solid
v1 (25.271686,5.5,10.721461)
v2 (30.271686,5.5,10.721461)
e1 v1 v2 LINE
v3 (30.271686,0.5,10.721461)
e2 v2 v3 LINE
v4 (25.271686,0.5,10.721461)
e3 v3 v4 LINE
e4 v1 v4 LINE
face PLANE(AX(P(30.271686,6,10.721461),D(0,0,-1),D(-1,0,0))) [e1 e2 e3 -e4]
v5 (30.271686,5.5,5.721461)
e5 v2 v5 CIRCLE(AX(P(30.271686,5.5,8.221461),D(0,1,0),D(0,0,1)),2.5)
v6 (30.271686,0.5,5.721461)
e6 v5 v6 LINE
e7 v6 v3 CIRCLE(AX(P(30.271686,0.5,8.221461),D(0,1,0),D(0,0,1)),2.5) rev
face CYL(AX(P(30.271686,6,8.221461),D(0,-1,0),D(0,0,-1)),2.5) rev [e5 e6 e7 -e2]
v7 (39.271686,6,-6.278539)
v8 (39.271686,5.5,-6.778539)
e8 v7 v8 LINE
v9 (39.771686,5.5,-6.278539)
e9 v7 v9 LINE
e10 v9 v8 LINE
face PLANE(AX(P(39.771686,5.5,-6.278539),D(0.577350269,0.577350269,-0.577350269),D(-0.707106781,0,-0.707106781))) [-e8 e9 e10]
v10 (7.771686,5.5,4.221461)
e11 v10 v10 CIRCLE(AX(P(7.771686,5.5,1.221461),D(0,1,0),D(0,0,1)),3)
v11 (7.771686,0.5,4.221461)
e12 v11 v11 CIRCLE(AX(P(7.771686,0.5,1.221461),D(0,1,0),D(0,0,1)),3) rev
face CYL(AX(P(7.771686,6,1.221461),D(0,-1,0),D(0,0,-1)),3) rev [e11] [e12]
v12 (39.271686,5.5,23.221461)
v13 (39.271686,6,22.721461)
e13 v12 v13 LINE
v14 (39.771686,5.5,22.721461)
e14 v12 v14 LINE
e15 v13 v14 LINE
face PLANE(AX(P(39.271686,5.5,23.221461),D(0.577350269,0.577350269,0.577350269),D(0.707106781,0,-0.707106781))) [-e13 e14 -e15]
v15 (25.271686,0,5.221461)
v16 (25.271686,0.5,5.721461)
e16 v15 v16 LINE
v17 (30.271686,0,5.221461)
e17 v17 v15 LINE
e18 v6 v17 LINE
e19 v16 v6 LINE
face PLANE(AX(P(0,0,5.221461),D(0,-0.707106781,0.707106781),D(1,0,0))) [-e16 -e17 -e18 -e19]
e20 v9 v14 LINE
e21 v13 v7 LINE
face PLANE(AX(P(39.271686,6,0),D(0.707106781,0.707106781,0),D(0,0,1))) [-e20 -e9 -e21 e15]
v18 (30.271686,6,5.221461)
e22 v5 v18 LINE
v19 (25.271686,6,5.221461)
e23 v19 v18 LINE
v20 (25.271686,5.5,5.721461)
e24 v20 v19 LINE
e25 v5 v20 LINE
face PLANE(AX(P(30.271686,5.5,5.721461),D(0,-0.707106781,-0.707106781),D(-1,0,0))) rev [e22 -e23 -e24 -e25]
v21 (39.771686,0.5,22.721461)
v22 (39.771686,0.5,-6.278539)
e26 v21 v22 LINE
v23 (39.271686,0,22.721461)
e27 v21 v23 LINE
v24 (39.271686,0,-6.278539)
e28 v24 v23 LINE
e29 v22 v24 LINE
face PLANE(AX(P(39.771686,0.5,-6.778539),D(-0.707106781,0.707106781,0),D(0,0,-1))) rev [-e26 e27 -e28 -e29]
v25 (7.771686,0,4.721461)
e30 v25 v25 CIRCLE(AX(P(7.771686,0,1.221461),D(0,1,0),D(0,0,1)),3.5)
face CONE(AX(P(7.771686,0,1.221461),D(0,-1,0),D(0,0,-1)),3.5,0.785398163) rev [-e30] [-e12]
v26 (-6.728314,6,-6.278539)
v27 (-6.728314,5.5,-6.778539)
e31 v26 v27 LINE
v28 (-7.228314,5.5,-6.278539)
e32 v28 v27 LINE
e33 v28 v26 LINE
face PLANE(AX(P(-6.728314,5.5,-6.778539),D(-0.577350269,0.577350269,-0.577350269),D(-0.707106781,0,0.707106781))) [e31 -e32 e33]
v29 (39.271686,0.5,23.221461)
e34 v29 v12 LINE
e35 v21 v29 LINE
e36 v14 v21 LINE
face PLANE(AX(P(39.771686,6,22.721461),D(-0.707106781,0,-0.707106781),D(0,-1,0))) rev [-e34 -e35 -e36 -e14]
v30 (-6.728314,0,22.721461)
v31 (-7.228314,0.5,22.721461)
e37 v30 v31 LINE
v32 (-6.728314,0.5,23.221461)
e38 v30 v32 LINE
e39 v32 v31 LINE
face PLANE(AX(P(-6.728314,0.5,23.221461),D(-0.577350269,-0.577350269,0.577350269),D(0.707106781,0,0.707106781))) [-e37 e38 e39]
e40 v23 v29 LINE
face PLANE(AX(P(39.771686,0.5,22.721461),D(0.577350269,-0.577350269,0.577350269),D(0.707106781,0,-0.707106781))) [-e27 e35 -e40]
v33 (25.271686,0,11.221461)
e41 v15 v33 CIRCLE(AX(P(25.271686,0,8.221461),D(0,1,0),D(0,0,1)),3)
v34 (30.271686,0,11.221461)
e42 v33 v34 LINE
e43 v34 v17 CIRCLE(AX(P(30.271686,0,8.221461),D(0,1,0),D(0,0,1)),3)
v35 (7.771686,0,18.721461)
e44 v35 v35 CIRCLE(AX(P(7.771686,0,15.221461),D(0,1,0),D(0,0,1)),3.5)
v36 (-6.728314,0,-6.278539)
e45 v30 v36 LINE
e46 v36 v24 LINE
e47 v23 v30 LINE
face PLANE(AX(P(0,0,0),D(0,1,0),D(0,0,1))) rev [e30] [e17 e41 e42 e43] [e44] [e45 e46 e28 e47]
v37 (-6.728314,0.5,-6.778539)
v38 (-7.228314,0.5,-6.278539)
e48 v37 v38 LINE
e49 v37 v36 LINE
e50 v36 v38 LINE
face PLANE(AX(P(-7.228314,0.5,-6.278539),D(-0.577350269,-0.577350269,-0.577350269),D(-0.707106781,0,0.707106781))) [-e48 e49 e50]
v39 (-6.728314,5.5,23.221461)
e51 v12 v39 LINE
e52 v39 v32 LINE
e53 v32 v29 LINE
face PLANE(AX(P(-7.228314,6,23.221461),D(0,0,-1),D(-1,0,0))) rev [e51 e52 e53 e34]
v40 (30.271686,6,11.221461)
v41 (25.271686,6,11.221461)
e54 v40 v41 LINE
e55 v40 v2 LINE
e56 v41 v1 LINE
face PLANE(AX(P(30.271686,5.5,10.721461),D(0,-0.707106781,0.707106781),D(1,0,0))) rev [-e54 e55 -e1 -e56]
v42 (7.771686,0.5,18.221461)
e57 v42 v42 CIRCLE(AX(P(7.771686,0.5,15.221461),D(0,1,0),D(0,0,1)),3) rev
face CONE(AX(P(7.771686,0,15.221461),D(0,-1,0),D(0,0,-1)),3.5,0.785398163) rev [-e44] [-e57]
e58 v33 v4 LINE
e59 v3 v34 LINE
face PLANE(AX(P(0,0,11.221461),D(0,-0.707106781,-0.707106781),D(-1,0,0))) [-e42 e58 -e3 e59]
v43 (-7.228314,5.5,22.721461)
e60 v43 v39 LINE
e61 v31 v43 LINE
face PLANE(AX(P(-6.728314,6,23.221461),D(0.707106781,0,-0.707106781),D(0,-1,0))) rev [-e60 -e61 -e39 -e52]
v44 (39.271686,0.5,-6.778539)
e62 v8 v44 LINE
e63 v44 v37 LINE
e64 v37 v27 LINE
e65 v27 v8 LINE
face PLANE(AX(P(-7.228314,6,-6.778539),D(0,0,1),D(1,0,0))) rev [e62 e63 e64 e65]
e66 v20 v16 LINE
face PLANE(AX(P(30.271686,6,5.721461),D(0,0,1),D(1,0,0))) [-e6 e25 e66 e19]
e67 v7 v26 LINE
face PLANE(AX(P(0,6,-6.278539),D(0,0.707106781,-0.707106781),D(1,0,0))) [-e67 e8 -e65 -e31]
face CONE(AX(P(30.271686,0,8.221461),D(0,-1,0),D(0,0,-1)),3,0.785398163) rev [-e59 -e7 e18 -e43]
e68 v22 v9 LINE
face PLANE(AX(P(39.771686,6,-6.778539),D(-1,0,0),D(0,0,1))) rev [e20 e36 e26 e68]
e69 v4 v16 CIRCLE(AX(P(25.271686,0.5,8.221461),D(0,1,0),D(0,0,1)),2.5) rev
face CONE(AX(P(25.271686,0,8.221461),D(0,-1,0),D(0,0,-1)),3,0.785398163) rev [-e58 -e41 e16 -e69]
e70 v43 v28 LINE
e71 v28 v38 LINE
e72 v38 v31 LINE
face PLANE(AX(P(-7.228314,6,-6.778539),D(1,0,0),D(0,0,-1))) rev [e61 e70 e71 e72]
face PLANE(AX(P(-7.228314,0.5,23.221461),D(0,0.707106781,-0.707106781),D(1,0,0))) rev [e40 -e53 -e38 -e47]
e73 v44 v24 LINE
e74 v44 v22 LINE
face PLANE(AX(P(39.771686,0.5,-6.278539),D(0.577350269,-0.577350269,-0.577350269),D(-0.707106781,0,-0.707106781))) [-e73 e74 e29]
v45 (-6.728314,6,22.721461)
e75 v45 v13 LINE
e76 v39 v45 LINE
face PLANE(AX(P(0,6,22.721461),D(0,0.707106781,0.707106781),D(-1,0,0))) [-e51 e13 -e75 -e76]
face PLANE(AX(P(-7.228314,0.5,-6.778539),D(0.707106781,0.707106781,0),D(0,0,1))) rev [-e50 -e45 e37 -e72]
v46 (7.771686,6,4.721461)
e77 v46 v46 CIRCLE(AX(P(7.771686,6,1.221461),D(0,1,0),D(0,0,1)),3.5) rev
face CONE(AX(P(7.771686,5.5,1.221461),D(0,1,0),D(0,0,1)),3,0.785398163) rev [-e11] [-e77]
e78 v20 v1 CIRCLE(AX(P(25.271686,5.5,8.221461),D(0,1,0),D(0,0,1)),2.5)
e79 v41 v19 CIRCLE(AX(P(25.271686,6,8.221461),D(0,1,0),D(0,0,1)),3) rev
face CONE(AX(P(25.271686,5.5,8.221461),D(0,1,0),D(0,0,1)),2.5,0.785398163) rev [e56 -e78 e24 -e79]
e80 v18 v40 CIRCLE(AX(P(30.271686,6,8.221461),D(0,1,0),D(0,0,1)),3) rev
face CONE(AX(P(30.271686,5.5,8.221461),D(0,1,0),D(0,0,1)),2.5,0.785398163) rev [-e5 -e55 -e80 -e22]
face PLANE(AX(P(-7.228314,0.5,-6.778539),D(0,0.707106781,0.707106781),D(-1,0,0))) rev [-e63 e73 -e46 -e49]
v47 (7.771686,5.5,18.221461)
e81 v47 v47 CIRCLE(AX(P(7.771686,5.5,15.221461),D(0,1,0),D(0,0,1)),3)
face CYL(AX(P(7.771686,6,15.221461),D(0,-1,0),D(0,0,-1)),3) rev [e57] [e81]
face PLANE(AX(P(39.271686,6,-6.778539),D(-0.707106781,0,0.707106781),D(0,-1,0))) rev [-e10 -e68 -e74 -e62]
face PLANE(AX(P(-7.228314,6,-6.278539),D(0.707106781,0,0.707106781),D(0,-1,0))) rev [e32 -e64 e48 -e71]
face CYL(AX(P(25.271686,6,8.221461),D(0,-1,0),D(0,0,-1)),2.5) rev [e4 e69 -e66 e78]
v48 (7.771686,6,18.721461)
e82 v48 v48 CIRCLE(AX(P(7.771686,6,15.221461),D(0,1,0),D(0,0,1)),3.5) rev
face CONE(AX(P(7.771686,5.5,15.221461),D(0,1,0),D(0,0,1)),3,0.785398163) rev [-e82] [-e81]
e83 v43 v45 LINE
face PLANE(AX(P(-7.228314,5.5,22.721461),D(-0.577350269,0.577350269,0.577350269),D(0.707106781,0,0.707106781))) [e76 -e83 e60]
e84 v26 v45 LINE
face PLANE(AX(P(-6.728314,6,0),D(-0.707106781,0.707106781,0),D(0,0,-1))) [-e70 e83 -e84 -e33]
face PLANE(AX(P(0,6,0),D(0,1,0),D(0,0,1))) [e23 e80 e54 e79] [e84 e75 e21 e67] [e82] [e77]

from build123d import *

# Parameters (mm, degrees)
CROQUIS1_W              = 47
CROQUIS1_H              = 30
CROQUIS1_R              = 3
SALIENTE_EXTRUIR1_DEPTH = 6
CHAFL_N1_SIZE           = 0.5


with BuildPart() as part:
    # Croquis1 → Saliente-Extruir1 (new body)
    with BuildSketch(Plane(origin=(0, 0, 0), x_dir=(1, 0, 0), z_dir=(0, 1, 0))):
        with Locations((16.271686308, -8.221461187)):
            Rectangle(CROQUIS1_W, CROQUIS1_H)
        with Locations(Location((7.771686308, -1.221461187, 0), (0, 0, 270))):
            Circle(CROQUIS1_R, mode=Mode.SUBTRACT)
        with Locations(Location((7.771686308, -15.221461187, 0), (0, 0, 270))):
            Circle(CROQUIS1_R, mode=Mode.SUBTRACT)
        with BuildLine():
            Line((30.271686308, -10.721461187), (25.271686308, -10.721461187))
            ThreePointArc((25.271686308, -10.721461187), (22.771686308, -8.221461187), (25.271686308, -5.721461187))
            Line((25.271686308, -5.721461187), (30.271686308, -5.721461187))
            ThreePointArc((30.271686308, -5.721461187), (32.771686308, -8.221461187), (30.271686308, -10.721461187))
        make_face(mode=Mode.SUBTRACT)
    extrude(amount=SALIENTE_EXTRUIR1_DEPTH)

    # Chaflán1
    chafl_n1_edges = [part.edges().sort_by_distance(p)[0] for p in [
        (39.771686308, 6, 8.221461187),
        (16.271686308, 6, -6.778538813),
        (32.771686308, 0, 8.221461187),
        (27.771686308, 0, 5.721461187),
        (22.771686308, 0, 8.221461187),
        (27.771686308, 0, 10.721461187),
        (32.771686308, 6, 8.221461187),
        (27.771686308, 6, 5.721461187),
        (22.771686308, 6, 8.221461187),
        (27.771686308, 6, 10.721461187),
        (7.771686308, 0, -1.778538813),
        (7.771686308, 6, -1.778538813),
        (7.771686308, 0, 12.221461187),
        (7.771686308, 6, 12.221461187),
        (-7.228313692, 6, 8.221461187),
        (16.271686308, 0, -6.778538813),
        (39.771686308, 0, 8.221461187),
        (16.271686308, 0, 23.221461187),
        (-7.228313692, 0, 8.221461187),
        (16.271686308, 6, 23.221461187),
        (-7.228313692, 3, -6.778538813),
        (39.771686308, 3, -6.778538813),
        (39.771686308, 3, 23.221461187),
        (-7.228313692, 3, 23.221461187),
    ]]
    chamfer(chafl_n1_edges, length=CHAFL_N1_SIZE)


solid = part.part
